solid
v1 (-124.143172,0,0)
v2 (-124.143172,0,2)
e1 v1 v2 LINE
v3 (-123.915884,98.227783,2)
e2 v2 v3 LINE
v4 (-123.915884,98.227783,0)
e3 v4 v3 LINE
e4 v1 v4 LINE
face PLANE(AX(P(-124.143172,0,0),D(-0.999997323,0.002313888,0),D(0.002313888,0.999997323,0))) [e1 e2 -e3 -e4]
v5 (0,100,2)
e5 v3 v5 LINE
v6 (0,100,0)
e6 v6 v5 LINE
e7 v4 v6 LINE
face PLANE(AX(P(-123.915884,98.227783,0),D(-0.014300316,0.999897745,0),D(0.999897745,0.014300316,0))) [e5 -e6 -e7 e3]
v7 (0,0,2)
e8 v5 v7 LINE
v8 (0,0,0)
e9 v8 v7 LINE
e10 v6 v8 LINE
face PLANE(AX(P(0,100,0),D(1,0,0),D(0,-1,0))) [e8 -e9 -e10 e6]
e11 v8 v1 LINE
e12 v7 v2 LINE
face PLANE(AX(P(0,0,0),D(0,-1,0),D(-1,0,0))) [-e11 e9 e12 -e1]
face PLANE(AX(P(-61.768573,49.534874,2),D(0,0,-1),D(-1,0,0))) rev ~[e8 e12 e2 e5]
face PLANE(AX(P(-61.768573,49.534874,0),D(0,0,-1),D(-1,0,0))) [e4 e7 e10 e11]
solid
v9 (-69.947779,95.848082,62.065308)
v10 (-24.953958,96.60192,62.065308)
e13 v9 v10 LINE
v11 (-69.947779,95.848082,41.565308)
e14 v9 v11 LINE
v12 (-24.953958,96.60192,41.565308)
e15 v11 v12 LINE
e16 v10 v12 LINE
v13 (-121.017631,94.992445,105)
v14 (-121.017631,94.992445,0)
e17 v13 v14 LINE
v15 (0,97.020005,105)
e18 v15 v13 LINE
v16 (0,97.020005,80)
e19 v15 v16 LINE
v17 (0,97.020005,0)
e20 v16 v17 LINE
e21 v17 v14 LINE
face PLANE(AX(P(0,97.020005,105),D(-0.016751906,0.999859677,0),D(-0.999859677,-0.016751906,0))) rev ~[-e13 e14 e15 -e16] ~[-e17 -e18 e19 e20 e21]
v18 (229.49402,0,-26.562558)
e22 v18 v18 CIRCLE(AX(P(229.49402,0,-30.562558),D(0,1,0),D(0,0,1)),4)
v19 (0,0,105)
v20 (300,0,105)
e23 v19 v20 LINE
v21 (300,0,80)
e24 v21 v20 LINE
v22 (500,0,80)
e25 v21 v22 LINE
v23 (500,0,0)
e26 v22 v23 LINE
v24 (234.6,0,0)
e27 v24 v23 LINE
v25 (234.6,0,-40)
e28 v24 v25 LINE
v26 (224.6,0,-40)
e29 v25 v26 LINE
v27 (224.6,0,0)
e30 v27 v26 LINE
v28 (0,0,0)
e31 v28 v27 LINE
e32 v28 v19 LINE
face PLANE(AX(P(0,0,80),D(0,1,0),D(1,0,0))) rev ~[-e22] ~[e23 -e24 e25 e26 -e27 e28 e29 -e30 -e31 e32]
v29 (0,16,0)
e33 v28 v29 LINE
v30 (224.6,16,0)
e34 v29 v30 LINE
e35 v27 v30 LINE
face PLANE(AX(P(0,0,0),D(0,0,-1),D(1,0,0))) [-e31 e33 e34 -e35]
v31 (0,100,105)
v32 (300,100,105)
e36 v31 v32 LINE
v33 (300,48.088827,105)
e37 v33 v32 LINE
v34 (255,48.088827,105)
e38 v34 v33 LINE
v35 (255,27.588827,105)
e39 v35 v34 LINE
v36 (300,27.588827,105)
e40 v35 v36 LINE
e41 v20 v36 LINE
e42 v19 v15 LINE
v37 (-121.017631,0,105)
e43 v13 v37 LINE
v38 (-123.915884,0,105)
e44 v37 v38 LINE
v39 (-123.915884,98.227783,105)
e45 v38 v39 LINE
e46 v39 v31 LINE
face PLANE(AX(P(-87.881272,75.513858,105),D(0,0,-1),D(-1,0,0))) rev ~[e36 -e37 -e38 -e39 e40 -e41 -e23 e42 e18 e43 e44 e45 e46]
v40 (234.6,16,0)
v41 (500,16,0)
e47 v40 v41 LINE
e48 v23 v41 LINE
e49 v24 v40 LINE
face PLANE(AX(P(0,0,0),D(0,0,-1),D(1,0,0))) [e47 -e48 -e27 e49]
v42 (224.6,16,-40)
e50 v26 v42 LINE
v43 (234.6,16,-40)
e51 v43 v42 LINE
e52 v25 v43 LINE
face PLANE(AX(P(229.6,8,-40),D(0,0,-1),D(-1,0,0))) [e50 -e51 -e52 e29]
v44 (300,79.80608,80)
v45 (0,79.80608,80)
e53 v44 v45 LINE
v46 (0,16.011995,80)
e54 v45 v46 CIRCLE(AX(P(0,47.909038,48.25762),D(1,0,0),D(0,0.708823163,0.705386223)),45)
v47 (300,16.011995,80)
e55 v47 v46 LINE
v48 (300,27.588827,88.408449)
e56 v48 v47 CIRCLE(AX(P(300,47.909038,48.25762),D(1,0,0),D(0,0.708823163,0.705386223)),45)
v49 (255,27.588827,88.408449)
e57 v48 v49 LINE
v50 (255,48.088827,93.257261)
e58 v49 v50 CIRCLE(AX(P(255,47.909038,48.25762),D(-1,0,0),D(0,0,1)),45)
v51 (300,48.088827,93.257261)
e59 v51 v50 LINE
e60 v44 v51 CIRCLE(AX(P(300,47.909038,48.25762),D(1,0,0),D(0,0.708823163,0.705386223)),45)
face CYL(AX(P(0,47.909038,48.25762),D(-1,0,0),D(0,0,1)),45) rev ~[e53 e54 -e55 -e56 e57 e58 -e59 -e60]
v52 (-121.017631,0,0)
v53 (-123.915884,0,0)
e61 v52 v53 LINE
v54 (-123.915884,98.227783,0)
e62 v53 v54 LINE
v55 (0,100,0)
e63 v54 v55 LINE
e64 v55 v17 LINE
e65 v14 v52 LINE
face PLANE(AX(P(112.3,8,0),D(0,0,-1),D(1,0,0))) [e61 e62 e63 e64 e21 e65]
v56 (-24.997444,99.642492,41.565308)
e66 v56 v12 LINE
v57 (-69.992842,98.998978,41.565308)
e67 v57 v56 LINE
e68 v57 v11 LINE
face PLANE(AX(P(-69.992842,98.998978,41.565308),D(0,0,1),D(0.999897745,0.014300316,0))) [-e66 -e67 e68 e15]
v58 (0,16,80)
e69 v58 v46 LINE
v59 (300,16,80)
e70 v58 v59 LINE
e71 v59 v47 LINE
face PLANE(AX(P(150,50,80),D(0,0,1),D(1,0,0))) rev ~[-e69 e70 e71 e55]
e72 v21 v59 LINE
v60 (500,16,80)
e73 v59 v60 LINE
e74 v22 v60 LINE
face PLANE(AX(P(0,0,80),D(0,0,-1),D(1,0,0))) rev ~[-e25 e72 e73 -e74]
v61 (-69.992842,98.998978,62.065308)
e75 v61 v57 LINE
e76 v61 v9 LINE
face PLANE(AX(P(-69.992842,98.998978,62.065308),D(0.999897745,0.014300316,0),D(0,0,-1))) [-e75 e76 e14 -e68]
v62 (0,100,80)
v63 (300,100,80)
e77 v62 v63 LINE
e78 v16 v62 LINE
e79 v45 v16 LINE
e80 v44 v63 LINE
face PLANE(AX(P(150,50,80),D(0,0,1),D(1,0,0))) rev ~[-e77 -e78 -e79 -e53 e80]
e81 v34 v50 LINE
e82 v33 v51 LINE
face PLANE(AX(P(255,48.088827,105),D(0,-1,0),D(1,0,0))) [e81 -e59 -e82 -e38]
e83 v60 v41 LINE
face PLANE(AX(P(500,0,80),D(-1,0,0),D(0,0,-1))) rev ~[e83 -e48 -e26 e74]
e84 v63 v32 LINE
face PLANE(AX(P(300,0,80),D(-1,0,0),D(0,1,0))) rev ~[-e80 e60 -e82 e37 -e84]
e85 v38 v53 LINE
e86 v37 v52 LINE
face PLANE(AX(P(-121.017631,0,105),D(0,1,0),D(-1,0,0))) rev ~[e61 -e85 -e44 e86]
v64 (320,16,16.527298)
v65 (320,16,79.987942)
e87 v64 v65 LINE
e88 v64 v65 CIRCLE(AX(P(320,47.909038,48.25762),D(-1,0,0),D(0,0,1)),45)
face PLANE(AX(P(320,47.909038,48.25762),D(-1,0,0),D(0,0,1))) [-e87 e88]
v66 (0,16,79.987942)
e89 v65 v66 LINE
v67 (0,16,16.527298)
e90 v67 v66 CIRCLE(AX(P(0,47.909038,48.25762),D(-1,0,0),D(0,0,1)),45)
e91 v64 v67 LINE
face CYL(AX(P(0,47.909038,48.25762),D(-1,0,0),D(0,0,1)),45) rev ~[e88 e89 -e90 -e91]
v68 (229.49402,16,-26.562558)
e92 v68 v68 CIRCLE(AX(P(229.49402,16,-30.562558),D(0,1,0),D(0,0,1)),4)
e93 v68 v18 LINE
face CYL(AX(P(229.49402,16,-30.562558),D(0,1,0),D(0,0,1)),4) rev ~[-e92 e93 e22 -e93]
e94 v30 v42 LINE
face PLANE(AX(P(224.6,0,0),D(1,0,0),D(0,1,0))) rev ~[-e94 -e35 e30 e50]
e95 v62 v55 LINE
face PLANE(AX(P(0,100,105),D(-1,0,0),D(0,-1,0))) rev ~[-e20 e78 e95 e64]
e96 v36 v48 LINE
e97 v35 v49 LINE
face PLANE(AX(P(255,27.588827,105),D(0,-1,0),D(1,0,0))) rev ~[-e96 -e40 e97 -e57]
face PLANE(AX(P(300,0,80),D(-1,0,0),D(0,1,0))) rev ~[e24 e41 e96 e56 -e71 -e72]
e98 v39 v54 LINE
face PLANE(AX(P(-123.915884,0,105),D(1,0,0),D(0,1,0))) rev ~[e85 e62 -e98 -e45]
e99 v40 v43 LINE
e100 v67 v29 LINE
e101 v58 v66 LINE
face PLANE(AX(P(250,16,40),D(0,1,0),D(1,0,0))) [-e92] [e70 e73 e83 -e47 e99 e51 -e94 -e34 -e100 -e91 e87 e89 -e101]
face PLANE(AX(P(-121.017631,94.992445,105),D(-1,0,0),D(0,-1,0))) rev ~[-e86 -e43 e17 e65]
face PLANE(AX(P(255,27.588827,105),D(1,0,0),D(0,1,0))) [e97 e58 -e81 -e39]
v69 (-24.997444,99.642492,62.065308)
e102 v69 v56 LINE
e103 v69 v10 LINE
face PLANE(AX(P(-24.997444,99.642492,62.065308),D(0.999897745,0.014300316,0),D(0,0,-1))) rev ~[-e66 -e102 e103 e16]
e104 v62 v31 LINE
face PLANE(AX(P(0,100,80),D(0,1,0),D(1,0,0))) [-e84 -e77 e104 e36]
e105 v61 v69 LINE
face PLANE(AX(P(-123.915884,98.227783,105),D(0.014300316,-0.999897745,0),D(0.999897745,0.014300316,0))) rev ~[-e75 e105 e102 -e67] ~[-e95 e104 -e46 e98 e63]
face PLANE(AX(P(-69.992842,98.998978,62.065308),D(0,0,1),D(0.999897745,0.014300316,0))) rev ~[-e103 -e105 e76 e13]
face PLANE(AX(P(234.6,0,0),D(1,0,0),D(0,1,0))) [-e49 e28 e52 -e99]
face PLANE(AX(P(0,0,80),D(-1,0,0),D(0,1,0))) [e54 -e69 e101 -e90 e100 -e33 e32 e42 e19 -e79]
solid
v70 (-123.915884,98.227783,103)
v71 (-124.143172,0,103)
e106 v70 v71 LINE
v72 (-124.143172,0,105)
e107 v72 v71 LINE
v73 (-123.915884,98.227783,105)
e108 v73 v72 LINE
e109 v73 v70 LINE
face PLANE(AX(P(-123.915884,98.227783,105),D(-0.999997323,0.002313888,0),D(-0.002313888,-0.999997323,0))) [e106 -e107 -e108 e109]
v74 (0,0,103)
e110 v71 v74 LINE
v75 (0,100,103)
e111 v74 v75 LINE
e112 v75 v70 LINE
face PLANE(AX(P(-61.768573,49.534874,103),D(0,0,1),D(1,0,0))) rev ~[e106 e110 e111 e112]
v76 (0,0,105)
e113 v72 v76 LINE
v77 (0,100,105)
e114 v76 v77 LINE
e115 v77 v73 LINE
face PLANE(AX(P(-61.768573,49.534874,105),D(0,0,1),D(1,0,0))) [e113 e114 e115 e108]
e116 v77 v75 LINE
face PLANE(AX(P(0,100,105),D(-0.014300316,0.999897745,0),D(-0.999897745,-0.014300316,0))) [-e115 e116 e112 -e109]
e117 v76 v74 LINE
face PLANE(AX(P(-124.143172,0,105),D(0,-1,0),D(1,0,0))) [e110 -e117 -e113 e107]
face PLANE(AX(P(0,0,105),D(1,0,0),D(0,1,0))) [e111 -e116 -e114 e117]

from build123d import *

# Parameters (mm, degrees)
SKETCH1_W            = 500
SKETCH1_H            = 80
BOSS_EXTRUDE1_DEPTH  = 16
SKETCH9_W            = 300
SKETCH9_H            = 100
BOSS_EXTRUDE5_DEPTH  = 25
SKETCH12_R           = 45
CUT_EXTRUDE4_DEPTH   = 320
SKETCH13_W           = 45
SKETCH13_H           = 20.5
CUT_EXTRUDE5_DEPTH   = 40
SKETCH14_W           = 10
SKETCH14_H           = 16
BOSS_EXTRUDE6_DEPTH  = 40
SKETCH15_R           = 4
CUT_EXTRUDE6_DEPTH   = 40
BOSS_EXTRUDE7_REACH  = 532.118
BOSS_EXTRUDE8_DEPTH  = 2
BOSS_EXTRUDE10_DEPTH = 2
SKETCH22_W           = 45
SKETCH22_H           = 20.5
CUT_EXTRUDE9_DEPTH   = 152


with BuildPart() as part:
    # Sketch1 → Boss-Extrude1 (new body)
    with BuildSketch(Plane(origin=(0, 0, 0), x_dir=(1, 0, 0), z_dir=(0, 1, 0))):
        with Locations((250, -40)):
            Rectangle(SKETCH1_W, SKETCH1_H)
    extrude(amount=BOSS_EXTRUDE1_DEPTH)

    # Sketch9 → Boss-Extrude5 (add)
    with BuildSketch(Plane.XY.offset(80)):
        with Locations((150, 50)):
            Rectangle(SKETCH9_W, SKETCH9_H)
    extrude(amount=BOSS_EXTRUDE5_DEPTH)

    # Sketch12 → Cut-Extrude4 (cut)
    with BuildSketch(Plane.ZY):
        with Locations((48.257619972, 47.909037796)):
            Circle(SKETCH12_R)
    extrude(amount=-CUT_EXTRUDE4_DEPTH, mode=Mode.SUBTRACT)

    # Sketch13 → Cut-Extrude5 (cut)
    with BuildSketch(Plane.XY.offset(105)):
        with Locations((277.5, 37.838827437)):
            Rectangle(SKETCH13_W, SKETCH13_H)
    extrude(amount=-CUT_EXTRUDE5_DEPTH, mode=Mode.SUBTRACT)

    # Sketch14 → Boss-Extrude6 (add)
    with BuildSketch(Plane(origin=(0, 0, 0), x_dir=(-1, 0, 0), z_dir=(0, 0, -1))):
        with Locations((-229.6, 8)):
            Rectangle(SKETCH14_W, SKETCH14_H)
    extrude(amount=BOSS_EXTRUDE6_DEPTH)

    # Sketch15 → Cut-Extrude6 (cut)
    with BuildSketch(Plane(origin=(0, 16, 0), x_dir=(1, 0, 0), z_dir=(0, 1, 0))):
        with Locations(Location((229.494020101, 30.562557787, 0), (0, 0, 270))):
            Circle(SKETCH15_R)
    extrude(amount=-CUT_EXTRUDE6_DEPTH, mode=Mode.SUBTRACT)

    # Boss-Extrude7: up to this face of the body (flat: up to its plane)
    boss_extrude7_end = Plane(part.part.faces().sort_by_distance((112.3, 8, 0))[0])
    # Sketch16 → Boss-Extrude7 (add, up to the picked face)
    with BuildSketch(Plane.XY.offset(105), mode=Mode.PRIVATE) as boss_extrude7_sk1:
        Polygon((0, 100), (0, 97.020005021), (-121.017630719, 94.99244459), (-121.017630719, 0), (-123.915883819, 0), (-123.915883819, 98.227782534), align=None)
    boss_extrude7_tool1 = split(extrude(boss_extrude7_sk1.sketch, amount=-BOSS_EXTRUDE7_REACH, mode=Mode.PRIVATE), bisect_by=boss_extrude7_end, keep=Keep.BOTH, mode=Mode.PRIVATE)
    add(boss_extrude7_tool1.solids().sort_by(Axis((-1.59233, 98.510003, 105), (0, 0, -1)))[0])

    # Sketch22 → Cut-Extrude9 (cut)
    with BuildSketch(Plane(origin=(-1.429885334, 99.979550097, 0), x_dir=(0.9998977452585963, 0.014300315618031738, 0), z_dir=(-0.014300315618031738, 0.9998977452585963, 0))):
        with Locations((-46.069968438, -51.81530803)):
            Rectangle(SKETCH22_W, SKETCH22_H)
    extrude(amount=-CUT_EXTRUDE9_DEPTH, mode=Mode.SUBTRACT)


with BuildPart() as body_2:
    # Sketch17 → Boss-Extrude8 (new body)
    with BuildSketch(Plane.XY.offset(105)):
        Polygon((-124.14317248, 0), (0, 0), (0, 100), (-123.915883819, 98.227782534), align=None)
    extrude(amount=-BOSS_EXTRUDE8_DEPTH)


with BuildPart() as body_3:
    # Sketch19 → Boss-Extrude10 (new body)
    with BuildSketch(Plane(origin=(0, 0, 0), x_dir=(-1, 0, 0), z_dir=(0, 0, -1))):
        Polygon((0, 100), (0, 0), (124.14317248, 0), (123.915883819, 98.227782534), align=None)
    extrude(amount=-BOSS_EXTRUDE10_DEPTH)


solid = Compound([part.part, body_2.part, body_3.part])
